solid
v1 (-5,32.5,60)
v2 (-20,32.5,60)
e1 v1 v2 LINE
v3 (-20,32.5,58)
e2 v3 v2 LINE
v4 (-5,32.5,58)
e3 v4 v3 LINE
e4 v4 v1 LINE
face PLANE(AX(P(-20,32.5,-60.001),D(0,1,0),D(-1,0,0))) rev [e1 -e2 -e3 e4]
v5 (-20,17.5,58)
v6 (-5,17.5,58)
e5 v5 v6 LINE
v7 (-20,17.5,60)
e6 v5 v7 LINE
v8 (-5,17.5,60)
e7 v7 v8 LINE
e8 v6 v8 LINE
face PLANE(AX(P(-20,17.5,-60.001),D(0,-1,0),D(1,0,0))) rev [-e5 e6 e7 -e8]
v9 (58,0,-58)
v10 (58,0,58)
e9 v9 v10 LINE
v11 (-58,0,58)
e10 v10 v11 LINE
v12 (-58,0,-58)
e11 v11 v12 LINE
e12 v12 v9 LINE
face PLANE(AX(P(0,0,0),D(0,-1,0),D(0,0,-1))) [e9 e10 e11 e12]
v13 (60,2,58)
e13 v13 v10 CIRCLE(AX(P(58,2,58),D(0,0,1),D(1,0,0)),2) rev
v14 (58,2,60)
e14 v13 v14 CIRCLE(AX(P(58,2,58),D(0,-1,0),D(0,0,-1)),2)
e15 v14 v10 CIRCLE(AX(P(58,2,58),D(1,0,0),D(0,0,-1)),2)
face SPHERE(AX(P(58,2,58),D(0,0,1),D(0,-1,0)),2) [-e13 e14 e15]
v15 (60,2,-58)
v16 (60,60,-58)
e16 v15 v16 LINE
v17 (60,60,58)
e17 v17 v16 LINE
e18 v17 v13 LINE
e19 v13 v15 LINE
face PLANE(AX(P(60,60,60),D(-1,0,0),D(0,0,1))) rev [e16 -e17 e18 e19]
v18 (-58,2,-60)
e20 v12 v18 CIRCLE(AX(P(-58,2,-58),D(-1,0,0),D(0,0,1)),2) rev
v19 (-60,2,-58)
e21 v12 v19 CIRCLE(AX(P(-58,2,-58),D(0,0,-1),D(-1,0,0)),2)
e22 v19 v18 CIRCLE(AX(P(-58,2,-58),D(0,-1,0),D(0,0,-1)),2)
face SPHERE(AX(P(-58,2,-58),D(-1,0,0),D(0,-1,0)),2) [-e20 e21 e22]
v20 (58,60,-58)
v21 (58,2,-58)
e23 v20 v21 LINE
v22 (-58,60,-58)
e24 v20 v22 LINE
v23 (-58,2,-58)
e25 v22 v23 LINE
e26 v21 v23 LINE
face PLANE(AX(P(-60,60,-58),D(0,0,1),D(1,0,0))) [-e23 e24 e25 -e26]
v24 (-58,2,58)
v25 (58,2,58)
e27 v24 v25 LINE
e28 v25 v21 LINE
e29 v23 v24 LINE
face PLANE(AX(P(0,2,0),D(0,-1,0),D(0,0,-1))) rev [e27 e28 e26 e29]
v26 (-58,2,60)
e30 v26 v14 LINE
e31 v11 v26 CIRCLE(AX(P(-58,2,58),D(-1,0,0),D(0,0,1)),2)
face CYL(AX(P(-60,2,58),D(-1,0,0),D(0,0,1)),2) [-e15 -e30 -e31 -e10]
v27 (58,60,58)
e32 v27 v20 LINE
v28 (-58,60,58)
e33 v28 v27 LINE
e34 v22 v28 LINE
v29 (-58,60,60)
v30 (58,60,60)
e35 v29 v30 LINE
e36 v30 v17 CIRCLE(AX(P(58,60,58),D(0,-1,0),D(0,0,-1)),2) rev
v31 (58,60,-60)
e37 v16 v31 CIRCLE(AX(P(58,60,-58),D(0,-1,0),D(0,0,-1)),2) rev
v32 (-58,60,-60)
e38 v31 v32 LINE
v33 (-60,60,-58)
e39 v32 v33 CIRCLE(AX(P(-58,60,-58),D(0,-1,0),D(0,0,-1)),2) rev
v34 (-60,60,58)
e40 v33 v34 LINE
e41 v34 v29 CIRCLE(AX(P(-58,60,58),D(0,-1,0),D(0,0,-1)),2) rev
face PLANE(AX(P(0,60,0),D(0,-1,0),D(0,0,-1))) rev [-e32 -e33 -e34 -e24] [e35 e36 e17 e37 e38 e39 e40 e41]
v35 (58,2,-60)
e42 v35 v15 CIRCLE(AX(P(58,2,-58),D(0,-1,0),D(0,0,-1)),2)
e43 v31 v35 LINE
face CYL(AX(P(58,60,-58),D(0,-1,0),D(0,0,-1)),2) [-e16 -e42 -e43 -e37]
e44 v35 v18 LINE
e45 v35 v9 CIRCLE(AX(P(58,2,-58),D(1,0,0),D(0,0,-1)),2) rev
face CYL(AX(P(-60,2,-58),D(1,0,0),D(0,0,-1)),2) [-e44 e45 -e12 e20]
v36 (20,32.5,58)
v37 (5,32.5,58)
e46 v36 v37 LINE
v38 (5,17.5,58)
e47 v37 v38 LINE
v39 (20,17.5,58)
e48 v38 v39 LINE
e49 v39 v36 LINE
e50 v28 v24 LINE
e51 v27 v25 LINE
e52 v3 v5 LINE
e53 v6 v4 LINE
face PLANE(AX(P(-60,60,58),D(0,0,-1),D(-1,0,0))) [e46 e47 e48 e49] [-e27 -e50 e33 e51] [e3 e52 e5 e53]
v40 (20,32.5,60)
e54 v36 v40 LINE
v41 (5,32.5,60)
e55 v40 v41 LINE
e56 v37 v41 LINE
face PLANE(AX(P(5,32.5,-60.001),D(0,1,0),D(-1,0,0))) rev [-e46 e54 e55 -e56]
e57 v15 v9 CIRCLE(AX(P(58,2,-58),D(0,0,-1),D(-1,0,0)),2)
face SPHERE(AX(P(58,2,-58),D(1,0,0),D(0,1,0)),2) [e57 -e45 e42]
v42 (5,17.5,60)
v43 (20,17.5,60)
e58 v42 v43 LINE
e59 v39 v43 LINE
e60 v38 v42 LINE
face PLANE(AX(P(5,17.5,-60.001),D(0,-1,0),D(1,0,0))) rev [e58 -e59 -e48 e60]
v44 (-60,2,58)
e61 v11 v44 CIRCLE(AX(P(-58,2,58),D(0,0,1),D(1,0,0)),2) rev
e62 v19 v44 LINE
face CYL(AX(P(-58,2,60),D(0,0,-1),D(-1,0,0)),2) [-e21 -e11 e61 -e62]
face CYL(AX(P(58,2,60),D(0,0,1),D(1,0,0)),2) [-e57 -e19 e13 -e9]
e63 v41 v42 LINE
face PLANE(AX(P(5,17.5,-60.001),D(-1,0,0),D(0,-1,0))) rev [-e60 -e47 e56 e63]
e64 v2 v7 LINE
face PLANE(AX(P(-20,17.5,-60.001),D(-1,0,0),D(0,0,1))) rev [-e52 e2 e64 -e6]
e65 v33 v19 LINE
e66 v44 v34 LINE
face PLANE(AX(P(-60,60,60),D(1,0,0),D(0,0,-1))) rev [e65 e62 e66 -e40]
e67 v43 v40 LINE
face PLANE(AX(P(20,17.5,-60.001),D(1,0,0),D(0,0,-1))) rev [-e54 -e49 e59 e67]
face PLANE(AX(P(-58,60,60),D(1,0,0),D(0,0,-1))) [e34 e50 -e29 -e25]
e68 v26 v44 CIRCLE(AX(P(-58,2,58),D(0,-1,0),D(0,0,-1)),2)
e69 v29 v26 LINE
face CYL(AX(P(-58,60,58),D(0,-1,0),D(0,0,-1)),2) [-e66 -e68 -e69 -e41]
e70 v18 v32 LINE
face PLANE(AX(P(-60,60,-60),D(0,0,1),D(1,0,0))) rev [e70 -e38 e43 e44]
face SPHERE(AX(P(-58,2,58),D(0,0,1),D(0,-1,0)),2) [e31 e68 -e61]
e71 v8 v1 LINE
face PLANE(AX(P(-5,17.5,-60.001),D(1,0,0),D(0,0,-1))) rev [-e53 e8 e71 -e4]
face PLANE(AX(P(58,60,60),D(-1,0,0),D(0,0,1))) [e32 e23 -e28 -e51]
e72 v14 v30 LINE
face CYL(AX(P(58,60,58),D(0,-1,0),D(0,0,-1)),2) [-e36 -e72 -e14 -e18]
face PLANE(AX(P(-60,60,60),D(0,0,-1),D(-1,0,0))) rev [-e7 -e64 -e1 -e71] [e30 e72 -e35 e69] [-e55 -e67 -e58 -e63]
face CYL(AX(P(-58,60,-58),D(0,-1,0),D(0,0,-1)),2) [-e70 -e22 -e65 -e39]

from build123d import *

# Parameters (mm, degrees)
SKETCH1_W           = 120
SKETCH1_H           = 120
BOSS_EXTRUDE1_DEPTH = 60
SHELL1_T            = -2
FILLET1_R           = 2
CUT_EXTRUDE1_REACH  = 148.969
SKETCH2_W           = 15
SKETCH2_H           = 15


with BuildPart() as part:
    # Sketch1 → Boss-Extrude1 (new body)
    with BuildSketch(Plane(origin=(0, 0, 0), x_dir=(1, 0, 0), z_dir=(0, 1, 0))):
        Rectangle(SKETCH1_W, SKETCH1_H)
    extrude(amount=BOSS_EXTRUDE1_DEPTH)

    # Shell1
    shell1_openings = [part.faces().sort_by_distance(p)[0] for p in [
        (0, 60, 0),
    ]]
    offset(amount=SHELL1_T, openings=shell1_openings, kind=Kind.INTERSECTION)

    # Fillet1
    fillet1_edges = [part.edges().sort_by_distance(p)[0] for p in [
        (0, 0, 60),
        (-60, 0, 0),
        (0, 0, -60),
        (60, 0, 0),
        (60, 30, 60),
        (-60, 30, 60),
        (-60, 30, -60),
        (60, 30, -60),
    ]]
    fillet(fillet1_edges, radius=FILLET1_R)

    # Sketch2 → Cut-Extrude1 (cut, up to next)
    with BuildSketch(Plane.XY.offset(60), mode=Mode.PRIVATE) as cut_extrude1_sk1:
        with Locations((-12.5, 25)):
            Rectangle(SKETCH2_W, SKETCH2_H)
    cut_extrude1_tool1 = extrude(cut_extrude1_sk1.sketch, amount=-CUT_EXTRUDE1_REACH, mode=Mode.PRIVATE) & part.part
    # Sketch2 → Cut-Extrude1 (cut, up to next)
    with BuildSketch(Plane.XY.offset(60), mode=Mode.PRIVATE) as cut_extrude1_sk2:
        with Locations((12.5, 25)):
            Rectangle(SKETCH2_W, SKETCH2_H)
    cut_extrude1_tool2 = extrude(cut_extrude1_sk2.sketch, amount=-CUT_EXTRUDE1_REACH, mode=Mode.PRIVATE) & part.part
    add(cut_extrude1_tool1.solids().sort_by_distance((-12.5, 25, 60))[0], mode=Mode.SUBTRACT)
    add(cut_extrude1_tool2.solids().sort_by_distance((12.5, 25, 60))[0], mode=Mode.SUBTRACT)


solid = part.part
